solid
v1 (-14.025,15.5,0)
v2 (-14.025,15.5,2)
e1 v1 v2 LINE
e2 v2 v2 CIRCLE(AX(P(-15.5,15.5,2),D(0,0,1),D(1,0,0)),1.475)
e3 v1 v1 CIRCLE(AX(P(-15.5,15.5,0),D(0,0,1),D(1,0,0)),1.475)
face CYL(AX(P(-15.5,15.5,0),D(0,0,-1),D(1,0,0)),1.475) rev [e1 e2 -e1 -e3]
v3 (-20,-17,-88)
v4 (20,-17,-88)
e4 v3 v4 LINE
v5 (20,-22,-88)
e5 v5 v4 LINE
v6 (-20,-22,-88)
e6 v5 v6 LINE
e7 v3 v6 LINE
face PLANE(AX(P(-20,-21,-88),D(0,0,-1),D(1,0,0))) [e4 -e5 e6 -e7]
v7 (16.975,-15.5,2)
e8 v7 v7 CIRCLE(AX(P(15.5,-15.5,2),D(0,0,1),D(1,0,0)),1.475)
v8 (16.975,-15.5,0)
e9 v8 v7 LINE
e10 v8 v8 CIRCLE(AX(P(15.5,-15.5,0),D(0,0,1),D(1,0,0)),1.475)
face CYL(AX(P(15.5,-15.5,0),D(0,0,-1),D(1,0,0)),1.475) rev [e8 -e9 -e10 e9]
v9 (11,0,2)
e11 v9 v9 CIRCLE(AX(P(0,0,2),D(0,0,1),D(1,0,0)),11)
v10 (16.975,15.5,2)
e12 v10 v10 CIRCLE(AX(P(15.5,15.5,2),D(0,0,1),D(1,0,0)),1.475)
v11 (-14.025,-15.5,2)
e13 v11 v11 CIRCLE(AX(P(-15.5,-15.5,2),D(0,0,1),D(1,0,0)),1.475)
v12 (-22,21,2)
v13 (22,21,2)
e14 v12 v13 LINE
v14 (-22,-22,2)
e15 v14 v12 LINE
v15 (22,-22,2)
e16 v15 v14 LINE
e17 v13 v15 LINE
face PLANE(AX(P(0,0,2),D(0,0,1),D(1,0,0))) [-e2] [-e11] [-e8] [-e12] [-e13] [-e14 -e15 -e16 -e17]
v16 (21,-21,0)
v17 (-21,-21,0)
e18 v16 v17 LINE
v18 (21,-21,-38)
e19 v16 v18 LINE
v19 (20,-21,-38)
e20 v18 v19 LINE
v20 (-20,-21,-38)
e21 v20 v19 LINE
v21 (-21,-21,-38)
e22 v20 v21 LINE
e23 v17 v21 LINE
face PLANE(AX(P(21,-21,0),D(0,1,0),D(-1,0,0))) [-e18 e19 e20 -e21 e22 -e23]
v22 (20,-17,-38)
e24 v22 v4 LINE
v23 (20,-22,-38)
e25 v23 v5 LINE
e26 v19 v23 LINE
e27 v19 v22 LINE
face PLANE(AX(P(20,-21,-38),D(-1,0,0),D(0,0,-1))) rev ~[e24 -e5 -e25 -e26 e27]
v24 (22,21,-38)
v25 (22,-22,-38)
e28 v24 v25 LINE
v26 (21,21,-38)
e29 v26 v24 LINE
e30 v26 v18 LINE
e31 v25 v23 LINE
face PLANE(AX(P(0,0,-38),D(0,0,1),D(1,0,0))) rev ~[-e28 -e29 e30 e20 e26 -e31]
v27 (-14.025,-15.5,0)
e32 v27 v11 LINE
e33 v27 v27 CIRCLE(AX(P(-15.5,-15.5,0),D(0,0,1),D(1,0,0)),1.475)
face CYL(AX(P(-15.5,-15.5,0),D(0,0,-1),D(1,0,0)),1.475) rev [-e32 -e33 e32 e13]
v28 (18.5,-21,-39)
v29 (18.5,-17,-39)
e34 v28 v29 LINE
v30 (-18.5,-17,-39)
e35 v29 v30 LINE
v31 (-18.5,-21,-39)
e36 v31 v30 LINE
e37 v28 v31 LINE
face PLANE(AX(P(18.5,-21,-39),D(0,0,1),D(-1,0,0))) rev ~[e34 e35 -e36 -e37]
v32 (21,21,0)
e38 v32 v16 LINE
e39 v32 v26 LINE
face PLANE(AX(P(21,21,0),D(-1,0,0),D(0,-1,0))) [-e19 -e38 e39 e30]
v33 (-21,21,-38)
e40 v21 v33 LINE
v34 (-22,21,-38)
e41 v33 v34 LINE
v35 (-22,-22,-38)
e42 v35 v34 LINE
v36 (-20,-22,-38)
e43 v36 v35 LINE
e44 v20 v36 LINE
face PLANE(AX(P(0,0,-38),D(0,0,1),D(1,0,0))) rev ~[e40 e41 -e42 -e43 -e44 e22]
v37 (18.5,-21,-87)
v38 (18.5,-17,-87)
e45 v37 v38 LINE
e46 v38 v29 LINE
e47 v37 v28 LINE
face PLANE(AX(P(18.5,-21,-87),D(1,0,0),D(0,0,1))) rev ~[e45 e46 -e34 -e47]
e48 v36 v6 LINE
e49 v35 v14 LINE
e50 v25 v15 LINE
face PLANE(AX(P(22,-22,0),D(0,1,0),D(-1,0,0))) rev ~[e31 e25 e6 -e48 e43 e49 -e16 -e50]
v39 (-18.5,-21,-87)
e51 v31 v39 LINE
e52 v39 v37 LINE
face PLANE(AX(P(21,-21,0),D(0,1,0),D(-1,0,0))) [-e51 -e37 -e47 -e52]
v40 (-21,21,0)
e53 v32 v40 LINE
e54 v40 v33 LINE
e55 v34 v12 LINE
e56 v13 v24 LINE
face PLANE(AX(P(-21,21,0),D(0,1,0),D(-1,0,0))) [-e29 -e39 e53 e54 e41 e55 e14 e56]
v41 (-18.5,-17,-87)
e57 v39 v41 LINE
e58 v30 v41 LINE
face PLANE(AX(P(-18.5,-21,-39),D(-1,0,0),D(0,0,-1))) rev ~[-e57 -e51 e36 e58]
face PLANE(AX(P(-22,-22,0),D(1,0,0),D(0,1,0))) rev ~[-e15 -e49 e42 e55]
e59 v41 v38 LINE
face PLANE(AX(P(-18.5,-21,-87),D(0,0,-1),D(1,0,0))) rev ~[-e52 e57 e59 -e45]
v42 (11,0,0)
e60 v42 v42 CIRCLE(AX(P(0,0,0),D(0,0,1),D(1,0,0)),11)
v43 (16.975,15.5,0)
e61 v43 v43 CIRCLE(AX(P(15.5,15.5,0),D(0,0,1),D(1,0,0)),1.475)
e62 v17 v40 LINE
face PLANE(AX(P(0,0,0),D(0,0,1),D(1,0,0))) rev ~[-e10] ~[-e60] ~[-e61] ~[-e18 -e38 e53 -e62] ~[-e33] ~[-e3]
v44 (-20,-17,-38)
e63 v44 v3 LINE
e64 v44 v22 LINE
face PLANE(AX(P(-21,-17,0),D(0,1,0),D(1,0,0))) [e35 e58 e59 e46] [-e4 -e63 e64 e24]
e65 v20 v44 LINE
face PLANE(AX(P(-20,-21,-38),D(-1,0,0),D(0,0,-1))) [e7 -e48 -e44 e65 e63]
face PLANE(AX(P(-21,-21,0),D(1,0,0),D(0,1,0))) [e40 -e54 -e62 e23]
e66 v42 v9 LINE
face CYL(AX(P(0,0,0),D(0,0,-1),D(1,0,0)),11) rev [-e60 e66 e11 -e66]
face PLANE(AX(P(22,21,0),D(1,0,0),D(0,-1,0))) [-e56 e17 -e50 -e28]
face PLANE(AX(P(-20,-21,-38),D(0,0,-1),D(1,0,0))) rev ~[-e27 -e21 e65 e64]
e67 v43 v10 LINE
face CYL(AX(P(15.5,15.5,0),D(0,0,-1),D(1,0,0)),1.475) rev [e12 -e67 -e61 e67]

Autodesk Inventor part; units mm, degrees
ref_plane "YZ Plane" through (0, 0, 0) normal (1, 0, 0) x (0, 1, 0)
ref_plane "XZ Plane" through (0, 0, 0) normal (0, 1, 0) x (-1, 0, 0)
ref_plane "XY Plane" through (0, 0, 0) normal (0, 0, 1) x (1, 0, 0)
sketch "Sketch1" plane through (0, 0, 0) normal (0, 0, 1) x (1, 0, 0)
  line L0 (-22, 22) -> (22, 22)
  line L1 (22, 22) -> (22, -22)
  line L2 (22, -22) -> (-22, -22)
  line L3 (-22, -22) -> (-22, 22)
  circle A0 centre (15.5, 15.5) radius 1.475
  circle A1 centre (-15.5, 15.5) radius 1.475
  circle A2 centre (15.5, -15.5) radius 1.475
  circle A3 centre (-15.5, -15.5) radius 1.475
  line L4 (-15.5, 15.5) -> (15.5, 15.5) construction
  line L5 (15.5, 15.5) -> (15.5, -15.5) construction
  circle A4 centre (0, 0) radius 11
  line L6 (-21, 21) -> (21, 21)
  line L7 (21, 21) -> (21, -21)
  line L8 (21, -21) -> (-21, -21)
  line L9 (-21, -21) -> (-21, 21)
  line L10 (21, 21) -> (22, 21)
  line L11 (-21, 21) -> (-22, 21)
  point P0 (0, 22)
  point P1 (22, 0)
  point P2 (15.5, 0)
  point P3 (0, 15.5)
  point P4 (0, 21)
  point P5 (21, 0)
  dimension "d0" = 44
  dimension "d1" = 2.95
  dimension "d4" = 31
  dimension "d7" = 31
  dimension "d10" = 22
  dimension "d11" = 42
extrude "Extrusion1" add sketch "Sketch1" along normal blind 2 contours L11 L9 L8 L7 L10 L1 L2 L3 | L6 L7 L8 L9
extrude "Extrusion2" add sketch "Sketch1" against normal blind 38 contours L11 L9 L8 L7 L10 L1 L2 L3
sketch "Sketch2" plane through (0, 0, -38) normal (0, 0, -1) x (-1, 0, 0)
  line L0 (21, -21) -> (21, 21) projected
  line L1 (21, -21) -> (22, -21)
  line L2 (22, 21) -> (22, -22) projected
  line L3 (-21, -21) -> (-21, 21) projected
  line L4 (-21, -21) -> (-22, -21)
  line L5 (-22, 21) -> (-22, -22) projected
  line L6 (21, -21) -> (-21, -21) projected
  line L7 (-22, -22) -> (22, -22) projected
  line L8 (-20, -21) -> (-20, -22)
  line L9 (20, -21) -> (20, -22)
  line L10 (-20, -21.5) -> (20, -21.5) construction
  point P0 (0, 0)
  point P1 (0, -21.5)
  dimension "d16" = 40
extrude "Extrusion3" add sketch "Sketch2" along normal blind 50 contours L9 L7 L8 L6
sketch "Sketch3" plane through (-21, -21, 0) normal (0, 1, 0) x (1, 0, 0)
  line L0 (42, 0) -> (0, 0) projected
  line L1 (42, 0) -> (42, 38) projected
  line L2 (41, 38) -> (42, 38) projected
  line L3 (41, 38) -> (41, 88) projected
  line L4 (1, 88) -> (41, 88) projected
  line L5 (1, 38) -> (1, 88) projected
  line L6 (0, 38) -> (1, 38) projected
  line L7 (0, 0) -> (0, 38) projected
  line L8 (1, 38) -> (41, 38)
  line L9 (2.5, 87) -> (39.5, 87)
  line L10 (39.5, 87) -> (39.5, 39)
  line L11 (39.5, 39) -> (2.5, 39)
  line L12 (2.5, 39) -> (2.5, 87)
  point P0 (21, 0)
  point P1 (21, 87)
  point P2 (21, 88)
  point P3 (39.5, 63)
  point P4 (41, 63)
  dimension "d19" = 48
  dimension "d20" = 37
extrude "Extrusion4" add sketch "Sketch3" along normal blind 4 contours L8 L5 L4 L3
properties part number "Motor Stand"
